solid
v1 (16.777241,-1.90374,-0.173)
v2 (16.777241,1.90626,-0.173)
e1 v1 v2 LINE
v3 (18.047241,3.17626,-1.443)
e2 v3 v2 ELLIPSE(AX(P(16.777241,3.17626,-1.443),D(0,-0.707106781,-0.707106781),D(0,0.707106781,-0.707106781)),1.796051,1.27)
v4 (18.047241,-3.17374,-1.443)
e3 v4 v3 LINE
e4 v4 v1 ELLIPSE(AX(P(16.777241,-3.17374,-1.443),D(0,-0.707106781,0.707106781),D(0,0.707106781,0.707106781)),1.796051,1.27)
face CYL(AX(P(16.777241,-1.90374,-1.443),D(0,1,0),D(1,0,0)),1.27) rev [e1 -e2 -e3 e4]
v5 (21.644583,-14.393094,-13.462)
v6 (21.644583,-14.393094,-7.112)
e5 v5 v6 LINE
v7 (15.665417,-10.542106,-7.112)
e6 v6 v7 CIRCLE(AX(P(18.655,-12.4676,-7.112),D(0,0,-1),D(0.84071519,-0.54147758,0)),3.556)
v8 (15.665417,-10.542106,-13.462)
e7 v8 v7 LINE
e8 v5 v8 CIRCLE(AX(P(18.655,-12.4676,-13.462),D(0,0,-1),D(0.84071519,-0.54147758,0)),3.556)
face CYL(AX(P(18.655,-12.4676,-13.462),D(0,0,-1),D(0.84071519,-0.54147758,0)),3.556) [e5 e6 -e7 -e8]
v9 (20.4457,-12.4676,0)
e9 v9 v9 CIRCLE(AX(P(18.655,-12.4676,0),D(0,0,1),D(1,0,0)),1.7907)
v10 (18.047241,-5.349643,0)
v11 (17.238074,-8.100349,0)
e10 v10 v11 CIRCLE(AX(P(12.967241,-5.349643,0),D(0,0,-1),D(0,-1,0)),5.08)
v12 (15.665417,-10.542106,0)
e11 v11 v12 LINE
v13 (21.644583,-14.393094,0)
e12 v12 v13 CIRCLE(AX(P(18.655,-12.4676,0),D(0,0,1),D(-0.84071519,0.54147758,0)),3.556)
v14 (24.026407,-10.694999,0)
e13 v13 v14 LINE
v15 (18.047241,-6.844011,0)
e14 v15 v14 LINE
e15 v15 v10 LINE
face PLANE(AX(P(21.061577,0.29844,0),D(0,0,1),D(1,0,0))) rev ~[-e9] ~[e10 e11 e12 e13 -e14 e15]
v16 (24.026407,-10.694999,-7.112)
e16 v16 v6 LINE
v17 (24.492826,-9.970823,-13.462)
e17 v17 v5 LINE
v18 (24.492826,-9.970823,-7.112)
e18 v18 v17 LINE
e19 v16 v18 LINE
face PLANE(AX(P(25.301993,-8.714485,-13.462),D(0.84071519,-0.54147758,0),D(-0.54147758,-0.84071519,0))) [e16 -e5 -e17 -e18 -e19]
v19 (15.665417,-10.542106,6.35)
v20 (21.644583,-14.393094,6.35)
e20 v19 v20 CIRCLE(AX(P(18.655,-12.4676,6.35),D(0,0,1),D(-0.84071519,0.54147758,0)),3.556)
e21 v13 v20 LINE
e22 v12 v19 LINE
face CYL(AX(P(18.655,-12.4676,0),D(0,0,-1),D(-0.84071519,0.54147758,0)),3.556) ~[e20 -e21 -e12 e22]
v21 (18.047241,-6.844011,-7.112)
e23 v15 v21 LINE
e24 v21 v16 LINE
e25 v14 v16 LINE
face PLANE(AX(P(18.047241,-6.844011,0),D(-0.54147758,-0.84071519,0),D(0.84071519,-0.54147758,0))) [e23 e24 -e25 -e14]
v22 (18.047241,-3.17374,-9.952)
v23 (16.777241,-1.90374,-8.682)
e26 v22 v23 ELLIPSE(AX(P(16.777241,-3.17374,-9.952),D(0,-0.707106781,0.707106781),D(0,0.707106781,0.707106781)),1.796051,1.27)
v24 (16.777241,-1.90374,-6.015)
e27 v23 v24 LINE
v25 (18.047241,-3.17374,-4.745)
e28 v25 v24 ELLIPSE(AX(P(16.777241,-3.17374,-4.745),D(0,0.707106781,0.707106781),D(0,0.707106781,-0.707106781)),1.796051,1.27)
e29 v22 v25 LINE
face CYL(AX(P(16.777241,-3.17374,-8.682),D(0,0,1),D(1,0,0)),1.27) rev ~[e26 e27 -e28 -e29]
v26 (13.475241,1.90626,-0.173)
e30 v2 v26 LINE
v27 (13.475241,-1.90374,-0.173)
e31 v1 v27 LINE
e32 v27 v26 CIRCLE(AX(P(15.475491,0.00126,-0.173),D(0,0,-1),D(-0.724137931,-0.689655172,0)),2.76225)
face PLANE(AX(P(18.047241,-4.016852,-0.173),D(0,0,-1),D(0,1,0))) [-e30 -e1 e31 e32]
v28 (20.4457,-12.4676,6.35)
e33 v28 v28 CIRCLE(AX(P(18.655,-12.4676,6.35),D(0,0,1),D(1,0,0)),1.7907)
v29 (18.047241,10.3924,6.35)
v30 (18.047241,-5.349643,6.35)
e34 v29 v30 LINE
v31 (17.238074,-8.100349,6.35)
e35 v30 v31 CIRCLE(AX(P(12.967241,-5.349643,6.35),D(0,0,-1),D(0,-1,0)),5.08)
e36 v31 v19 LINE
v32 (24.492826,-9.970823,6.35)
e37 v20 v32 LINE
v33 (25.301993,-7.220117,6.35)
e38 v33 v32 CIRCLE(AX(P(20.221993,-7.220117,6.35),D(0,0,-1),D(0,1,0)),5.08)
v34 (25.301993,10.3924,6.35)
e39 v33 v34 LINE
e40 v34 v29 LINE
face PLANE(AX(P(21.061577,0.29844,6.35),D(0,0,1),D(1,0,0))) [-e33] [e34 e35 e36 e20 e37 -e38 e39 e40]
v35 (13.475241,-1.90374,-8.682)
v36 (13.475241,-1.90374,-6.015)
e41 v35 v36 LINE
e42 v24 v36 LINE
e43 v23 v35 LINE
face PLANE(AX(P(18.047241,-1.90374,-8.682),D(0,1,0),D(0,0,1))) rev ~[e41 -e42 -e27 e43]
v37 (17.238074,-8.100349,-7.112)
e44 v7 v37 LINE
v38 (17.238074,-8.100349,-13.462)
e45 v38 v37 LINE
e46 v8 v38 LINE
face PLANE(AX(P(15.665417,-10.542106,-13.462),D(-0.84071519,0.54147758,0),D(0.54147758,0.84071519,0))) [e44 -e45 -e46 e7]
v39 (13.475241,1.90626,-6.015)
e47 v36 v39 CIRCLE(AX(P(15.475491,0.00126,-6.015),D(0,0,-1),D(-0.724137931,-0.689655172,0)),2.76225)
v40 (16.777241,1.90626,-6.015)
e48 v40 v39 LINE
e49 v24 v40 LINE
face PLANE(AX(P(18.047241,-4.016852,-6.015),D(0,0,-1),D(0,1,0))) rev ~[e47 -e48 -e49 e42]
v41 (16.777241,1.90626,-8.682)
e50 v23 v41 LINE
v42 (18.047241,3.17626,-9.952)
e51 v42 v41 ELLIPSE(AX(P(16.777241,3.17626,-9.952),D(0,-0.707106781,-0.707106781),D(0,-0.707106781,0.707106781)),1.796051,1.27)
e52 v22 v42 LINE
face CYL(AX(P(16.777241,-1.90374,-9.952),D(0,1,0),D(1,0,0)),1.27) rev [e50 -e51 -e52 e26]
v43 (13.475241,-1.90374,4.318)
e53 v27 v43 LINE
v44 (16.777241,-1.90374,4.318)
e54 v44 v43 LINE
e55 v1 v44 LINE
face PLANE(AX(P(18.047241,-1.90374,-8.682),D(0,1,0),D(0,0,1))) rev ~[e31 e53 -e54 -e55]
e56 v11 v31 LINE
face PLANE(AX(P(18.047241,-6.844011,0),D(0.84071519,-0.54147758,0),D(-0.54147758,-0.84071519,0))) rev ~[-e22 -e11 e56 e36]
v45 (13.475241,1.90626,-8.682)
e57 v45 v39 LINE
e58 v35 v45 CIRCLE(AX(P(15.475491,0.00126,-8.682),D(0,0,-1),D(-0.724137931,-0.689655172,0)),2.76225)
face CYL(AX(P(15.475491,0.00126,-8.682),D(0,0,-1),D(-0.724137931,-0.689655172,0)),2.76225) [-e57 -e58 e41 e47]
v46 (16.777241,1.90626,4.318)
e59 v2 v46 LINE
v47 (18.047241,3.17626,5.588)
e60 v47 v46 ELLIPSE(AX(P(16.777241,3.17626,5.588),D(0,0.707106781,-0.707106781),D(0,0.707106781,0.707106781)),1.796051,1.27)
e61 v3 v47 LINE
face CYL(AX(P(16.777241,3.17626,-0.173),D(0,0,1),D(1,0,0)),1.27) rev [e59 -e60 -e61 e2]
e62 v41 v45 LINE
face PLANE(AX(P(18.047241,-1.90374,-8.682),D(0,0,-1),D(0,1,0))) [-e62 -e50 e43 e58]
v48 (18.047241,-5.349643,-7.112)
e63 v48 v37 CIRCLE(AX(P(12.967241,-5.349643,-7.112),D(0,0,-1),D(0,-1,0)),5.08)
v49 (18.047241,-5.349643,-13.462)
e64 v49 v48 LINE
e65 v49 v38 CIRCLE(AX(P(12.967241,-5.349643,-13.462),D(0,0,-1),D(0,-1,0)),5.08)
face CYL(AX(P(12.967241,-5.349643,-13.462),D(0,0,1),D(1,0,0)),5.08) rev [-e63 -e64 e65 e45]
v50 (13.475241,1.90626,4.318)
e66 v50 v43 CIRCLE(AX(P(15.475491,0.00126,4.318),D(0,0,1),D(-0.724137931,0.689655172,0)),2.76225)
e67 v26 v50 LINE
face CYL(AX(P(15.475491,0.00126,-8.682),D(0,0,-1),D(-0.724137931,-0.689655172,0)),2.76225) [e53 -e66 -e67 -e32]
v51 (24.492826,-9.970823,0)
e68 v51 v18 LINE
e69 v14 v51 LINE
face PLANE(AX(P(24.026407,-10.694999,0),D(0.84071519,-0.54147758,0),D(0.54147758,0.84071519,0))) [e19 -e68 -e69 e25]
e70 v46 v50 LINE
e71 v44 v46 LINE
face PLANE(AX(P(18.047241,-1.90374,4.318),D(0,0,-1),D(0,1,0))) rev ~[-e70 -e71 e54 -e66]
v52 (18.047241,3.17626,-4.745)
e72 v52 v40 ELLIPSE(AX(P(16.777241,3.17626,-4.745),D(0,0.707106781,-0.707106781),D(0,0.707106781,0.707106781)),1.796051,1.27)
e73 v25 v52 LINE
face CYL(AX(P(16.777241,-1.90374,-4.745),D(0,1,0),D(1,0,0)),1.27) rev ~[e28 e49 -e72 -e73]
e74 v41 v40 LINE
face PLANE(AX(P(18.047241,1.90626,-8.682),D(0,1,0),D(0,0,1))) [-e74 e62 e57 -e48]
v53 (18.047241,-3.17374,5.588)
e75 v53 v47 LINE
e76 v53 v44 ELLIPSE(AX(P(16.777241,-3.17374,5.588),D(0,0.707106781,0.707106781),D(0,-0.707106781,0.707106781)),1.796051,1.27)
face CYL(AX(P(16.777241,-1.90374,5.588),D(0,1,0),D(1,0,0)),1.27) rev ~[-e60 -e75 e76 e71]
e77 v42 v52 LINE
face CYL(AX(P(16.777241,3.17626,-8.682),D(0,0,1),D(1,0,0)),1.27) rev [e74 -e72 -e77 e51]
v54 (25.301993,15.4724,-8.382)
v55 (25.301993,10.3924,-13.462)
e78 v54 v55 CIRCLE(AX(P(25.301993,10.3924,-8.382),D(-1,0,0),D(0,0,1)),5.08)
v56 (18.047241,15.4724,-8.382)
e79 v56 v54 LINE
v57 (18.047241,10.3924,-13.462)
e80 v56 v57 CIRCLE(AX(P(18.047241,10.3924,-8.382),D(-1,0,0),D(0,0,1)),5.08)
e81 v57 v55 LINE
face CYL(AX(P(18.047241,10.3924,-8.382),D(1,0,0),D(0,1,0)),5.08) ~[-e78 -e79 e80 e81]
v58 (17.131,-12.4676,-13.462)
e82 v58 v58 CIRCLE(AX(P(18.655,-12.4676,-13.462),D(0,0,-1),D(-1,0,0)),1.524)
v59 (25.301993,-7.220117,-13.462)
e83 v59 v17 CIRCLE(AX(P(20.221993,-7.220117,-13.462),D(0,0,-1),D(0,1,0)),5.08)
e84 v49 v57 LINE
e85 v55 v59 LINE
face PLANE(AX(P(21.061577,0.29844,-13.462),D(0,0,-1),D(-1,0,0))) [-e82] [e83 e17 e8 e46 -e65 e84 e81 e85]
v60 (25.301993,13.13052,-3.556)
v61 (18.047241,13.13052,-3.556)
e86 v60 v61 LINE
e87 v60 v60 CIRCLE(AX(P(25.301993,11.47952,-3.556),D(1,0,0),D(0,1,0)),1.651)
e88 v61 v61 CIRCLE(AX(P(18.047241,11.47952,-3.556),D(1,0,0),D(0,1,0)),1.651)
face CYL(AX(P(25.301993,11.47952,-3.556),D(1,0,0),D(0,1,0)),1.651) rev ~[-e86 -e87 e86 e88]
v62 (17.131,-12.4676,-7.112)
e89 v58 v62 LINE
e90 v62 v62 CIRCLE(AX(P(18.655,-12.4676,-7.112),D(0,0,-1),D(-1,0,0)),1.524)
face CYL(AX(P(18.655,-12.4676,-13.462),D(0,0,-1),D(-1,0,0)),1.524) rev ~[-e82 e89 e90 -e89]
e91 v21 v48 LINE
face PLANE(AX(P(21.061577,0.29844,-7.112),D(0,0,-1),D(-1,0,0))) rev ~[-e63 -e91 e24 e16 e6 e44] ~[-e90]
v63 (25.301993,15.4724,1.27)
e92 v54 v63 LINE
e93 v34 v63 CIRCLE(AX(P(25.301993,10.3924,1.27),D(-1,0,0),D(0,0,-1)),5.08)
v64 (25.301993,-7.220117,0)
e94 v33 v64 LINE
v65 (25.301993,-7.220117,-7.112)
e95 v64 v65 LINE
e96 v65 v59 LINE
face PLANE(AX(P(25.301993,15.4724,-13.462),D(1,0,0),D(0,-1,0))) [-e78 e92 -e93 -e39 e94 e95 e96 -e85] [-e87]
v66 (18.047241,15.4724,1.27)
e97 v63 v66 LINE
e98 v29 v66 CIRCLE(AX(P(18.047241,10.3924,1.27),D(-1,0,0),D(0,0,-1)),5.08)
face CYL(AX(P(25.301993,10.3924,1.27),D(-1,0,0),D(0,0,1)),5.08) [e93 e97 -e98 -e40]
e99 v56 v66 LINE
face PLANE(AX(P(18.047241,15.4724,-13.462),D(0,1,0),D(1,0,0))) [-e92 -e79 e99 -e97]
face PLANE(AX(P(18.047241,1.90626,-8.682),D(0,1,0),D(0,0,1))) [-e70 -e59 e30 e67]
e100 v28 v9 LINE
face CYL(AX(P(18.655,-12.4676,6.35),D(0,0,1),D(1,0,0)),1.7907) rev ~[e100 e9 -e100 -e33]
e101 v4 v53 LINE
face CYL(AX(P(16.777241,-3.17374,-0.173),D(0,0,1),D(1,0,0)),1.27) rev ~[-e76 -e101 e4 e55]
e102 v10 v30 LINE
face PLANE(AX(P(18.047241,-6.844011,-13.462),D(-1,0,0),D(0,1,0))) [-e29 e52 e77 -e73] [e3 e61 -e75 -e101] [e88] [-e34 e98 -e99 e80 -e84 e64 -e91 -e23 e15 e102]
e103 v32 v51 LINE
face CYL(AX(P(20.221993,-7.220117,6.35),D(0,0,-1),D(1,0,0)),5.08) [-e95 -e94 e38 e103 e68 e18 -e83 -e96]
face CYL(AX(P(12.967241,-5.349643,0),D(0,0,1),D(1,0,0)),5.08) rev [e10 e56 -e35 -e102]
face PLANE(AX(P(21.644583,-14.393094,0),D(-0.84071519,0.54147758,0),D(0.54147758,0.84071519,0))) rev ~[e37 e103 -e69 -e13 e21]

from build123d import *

# Parameters (mm, degrees)
BOSS_EXTRUDE1_DEPTH = 6.35
BOSS_EXTRUDE2_DEPTH = 7.112
BOSS_EXTRUDE3_START = 6.35
BOSS_EXTRUDE3_DEPTH = 6.35
CUT_EXTRUDE1_REACH  = 37.909
SKETCH5_R           = 1.7907
CUT_EXTRUDE2_REACH  = 37.909
SKETCH6_R           = 1.524
SKETCH7_R           = 1.651
CUT_EXTRUDE3_DEPTH  = 24.282660099
SKETCH9_W           = 13
SKETCH9_H           = 3.81
BOSS_EXTRUDE4_DEPTH = 5.334
CUT_EXTRUDE4_DEPTH  = 34.50981373
SKETCH11_W          = 5.842
SKETCH11_H          = 8.036223638
CUT_EXTRUDE5_DEPTH  = 23.149777145
FILLET2_R           = 1.27
FILLET3_R           = 5.08
FILLET4_R           = 5.08


with BuildPart() as part:
    # Sketch2 → Boss-Extrude1 (new body)
    with BuildSketch(Plane.XY):
        with BuildLine():
            Line((21.644583215, -14.393094274), (25.301992713, -8.71448479))
            Line((25.301992713, -8.71448479), (25.301992713, 15.4724))
            Line((25.301992713, 15.4724), (18.047240712, 15.4724))
            Line((18.047240712, 15.4724), (18.047240712, -6.844010681))
            Line((18.047240712, -6.844010681), (15.665416785, -10.542105726))
            ThreePointArc((15.665416785, -10.542105726), (16.729505726, -15.457183215), (21.644583215, -14.393094274))
        make_face()
    extrude(amount=BOSS_EXTRUDE1_DEPTH)

    # Sketch3 → Boss-Extrude2 (add)
    with BuildSketch(Plane(origin=(0, 0, 0), x_dir=(-1, 0, 0), z_dir=(0, 0, -1))):
        Polygon((-18.047240712, -6.844010681), (-24.026407143, -10.694999229), (-25.301992713, -8.71448479), (-25.301992713, 15.4724), (-18.047240712, 15.4724), align=None)
    extrude(amount=BOSS_EXTRUDE2_DEPTH)

    # Sketch4 → Boss-Extrude3 (add)
    with BuildSketch(Plane(origin=(0, 0, -7.112), x_dir=(-1, 0, 0), z_dir=(0, 0, -1)).offset(BOSS_EXTRUDE3_START)):
        with BuildLine():
            Line((-25.301992713, 15.4724), (-25.301992713, -8.71448479))
            Line((-25.301992713, -8.71448479), (-21.644583215, -14.393094274))
            ThreePointArc((-21.644583215, -14.393094274), (-16.729505726, -15.457183215), (-15.665416785, -10.542105726))
            Line((-15.665416785, -10.542105726), (-18.047240712, -6.844010681))
            Line((-18.047240712, -6.844010681), (-18.047240712, 15.4724))
            Line((-18.047240712, 15.4724), (-25.301992713, 15.4724))
        make_face()
    extrude(amount=-BOSS_EXTRUDE3_DEPTH)

    # Sketch5 → Cut-Extrude1 (cut, up to next)
    with BuildSketch(Plane.XY.offset(6.35), mode=Mode.PRIVATE) as cut_extrude1_sk1:
        with Locations((18.655, -12.4676)):
            Circle(SKETCH5_R)
    cut_extrude1_tool1 = extrude(cut_extrude1_sk1.sketch, amount=-CUT_EXTRUDE1_REACH, mode=Mode.PRIVATE) & part.part
    add(cut_extrude1_tool1.solids().sort_by_distance((18.655, -12.4676, 6.35))[0], mode=Mode.SUBTRACT)

    # Sketch6 → Cut-Extrude2 (cut, up to next)
    with BuildSketch(Plane(origin=(0, 0, -13.462), x_dir=(-1, 0, 0), z_dir=(0, 0, -1)), mode=Mode.PRIVATE) as cut_extrude2_sk1:
        with Locations((-18.655, -12.4676)):
            Circle(SKETCH6_R)
    cut_extrude2_tool1 = extrude(cut_extrude2_sk1.sketch, amount=-CUT_EXTRUDE2_REACH, mode=Mode.PRIVATE) & part.part
    add(cut_extrude2_tool1.solids().sort_by_distance((18.655, -12.4676, -13.462))[0], mode=Mode.SUBTRACT)

    # Sketch7 → Cut-Extrude3 (cut, through all)
    with BuildSketch(Plane(origin=(25.301992713, 0, 0), x_dir=(0, 0, -1), z_dir=(1, 0, 0))):
        with Locations((3.556, 11.47952)):
            Circle(SKETCH7_R)
    extrude(amount=-CUT_EXTRUDE3_DEPTH, mode=Mode.SUBTRACT)

    # Sketch9 → Boss-Extrude4 (add)
    with BuildSketch(Plane.ZY.offset(-18.047240712)):
        with Locations((-2.182, 0.00126)):
            Rectangle(SKETCH9_W, SKETCH9_H)
    extrude(amount=BOSS_EXTRUDE4_DEPTH)

    # Sketch10 → Cut-Extrude4 (cut, through all)
    with BuildSketch(Plane(origin=(0, 0, -8.682), x_dir=(-1, 0, 0), z_dir=(0, 0, -1))):
        with BuildLine():
            Line((-13.475240712, 1.90626), (-13.475240712, 3.862647324))
            Line((-13.475240712, 3.862647324), (-11.787992586, 3.862647324))
            Line((-11.787992586, 3.862647324), (-11.787992586, -3.9659176))
            Line((-11.787992586, -3.9659176), (-13.475240712, -3.9659176))
            Line((-13.475240712, -3.9659176), (-13.475240712, -1.90374))
            ThreePointArc((-13.475240712, -1.90374), (-12.713240712, 0.00126), (-13.475240712, 1.90626))
        make_face()
    extrude(amount=-CUT_EXTRUDE4_DEPTH, mode=Mode.SUBTRACT)

    # Sketch11 → Cut-Extrude5 (cut, through all)
    with BuildSketch(Plane.ZY.offset(-18.047240712)):
        with Locations((-3.094, 0.00126)):
            Rectangle(SKETCH11_W, SKETCH11_H)
    extrude(amount=CUT_EXTRUDE5_DEPTH, mode=Mode.SUBTRACT)

    # Fillet2
    fillet2_edges = [part.edges().sort_by_distance(p)[0] for p in [
        (18.047240712, 1.90626, 2.0725),
        (18.047240712, 0.00126, 4.318),
        (18.047240712, -1.90374, 2.0725),
        (18.047240712, 0.00126, -0.173),
        (18.047240712, 0.00126, -8.682),
        (18.047240712, -1.90374, -7.3485),
        (18.047240712, 1.90626, -7.3485),
        (18.047240712, 0.00126, -6.015),
    ]]
    fillet(fillet2_edges, radius=FILLET2_R)

    # Fillet3
    fillet3_edges = [part.edges().sort_by_distance(p)[0] for p in [
        (21.674616713, 15.4724, -13.462),
        (21.674616713, 15.4724, 6.35),
    ]]
    fillet(fillet3_edges, radius=FILLET3_R)

    # Fillet4
    fillet4_edges = [part.edges().sort_by_distance(p)[0] for p in [
        (25.301992713, -8.71448479, -3.556),
        (18.047240712, -6.844010681, 3.175),
        (18.047240712, -6.844010681, -10.287),
    ]]
    fillet(fillet4_edges, radius=FILLET4_R)


solid = part.part
